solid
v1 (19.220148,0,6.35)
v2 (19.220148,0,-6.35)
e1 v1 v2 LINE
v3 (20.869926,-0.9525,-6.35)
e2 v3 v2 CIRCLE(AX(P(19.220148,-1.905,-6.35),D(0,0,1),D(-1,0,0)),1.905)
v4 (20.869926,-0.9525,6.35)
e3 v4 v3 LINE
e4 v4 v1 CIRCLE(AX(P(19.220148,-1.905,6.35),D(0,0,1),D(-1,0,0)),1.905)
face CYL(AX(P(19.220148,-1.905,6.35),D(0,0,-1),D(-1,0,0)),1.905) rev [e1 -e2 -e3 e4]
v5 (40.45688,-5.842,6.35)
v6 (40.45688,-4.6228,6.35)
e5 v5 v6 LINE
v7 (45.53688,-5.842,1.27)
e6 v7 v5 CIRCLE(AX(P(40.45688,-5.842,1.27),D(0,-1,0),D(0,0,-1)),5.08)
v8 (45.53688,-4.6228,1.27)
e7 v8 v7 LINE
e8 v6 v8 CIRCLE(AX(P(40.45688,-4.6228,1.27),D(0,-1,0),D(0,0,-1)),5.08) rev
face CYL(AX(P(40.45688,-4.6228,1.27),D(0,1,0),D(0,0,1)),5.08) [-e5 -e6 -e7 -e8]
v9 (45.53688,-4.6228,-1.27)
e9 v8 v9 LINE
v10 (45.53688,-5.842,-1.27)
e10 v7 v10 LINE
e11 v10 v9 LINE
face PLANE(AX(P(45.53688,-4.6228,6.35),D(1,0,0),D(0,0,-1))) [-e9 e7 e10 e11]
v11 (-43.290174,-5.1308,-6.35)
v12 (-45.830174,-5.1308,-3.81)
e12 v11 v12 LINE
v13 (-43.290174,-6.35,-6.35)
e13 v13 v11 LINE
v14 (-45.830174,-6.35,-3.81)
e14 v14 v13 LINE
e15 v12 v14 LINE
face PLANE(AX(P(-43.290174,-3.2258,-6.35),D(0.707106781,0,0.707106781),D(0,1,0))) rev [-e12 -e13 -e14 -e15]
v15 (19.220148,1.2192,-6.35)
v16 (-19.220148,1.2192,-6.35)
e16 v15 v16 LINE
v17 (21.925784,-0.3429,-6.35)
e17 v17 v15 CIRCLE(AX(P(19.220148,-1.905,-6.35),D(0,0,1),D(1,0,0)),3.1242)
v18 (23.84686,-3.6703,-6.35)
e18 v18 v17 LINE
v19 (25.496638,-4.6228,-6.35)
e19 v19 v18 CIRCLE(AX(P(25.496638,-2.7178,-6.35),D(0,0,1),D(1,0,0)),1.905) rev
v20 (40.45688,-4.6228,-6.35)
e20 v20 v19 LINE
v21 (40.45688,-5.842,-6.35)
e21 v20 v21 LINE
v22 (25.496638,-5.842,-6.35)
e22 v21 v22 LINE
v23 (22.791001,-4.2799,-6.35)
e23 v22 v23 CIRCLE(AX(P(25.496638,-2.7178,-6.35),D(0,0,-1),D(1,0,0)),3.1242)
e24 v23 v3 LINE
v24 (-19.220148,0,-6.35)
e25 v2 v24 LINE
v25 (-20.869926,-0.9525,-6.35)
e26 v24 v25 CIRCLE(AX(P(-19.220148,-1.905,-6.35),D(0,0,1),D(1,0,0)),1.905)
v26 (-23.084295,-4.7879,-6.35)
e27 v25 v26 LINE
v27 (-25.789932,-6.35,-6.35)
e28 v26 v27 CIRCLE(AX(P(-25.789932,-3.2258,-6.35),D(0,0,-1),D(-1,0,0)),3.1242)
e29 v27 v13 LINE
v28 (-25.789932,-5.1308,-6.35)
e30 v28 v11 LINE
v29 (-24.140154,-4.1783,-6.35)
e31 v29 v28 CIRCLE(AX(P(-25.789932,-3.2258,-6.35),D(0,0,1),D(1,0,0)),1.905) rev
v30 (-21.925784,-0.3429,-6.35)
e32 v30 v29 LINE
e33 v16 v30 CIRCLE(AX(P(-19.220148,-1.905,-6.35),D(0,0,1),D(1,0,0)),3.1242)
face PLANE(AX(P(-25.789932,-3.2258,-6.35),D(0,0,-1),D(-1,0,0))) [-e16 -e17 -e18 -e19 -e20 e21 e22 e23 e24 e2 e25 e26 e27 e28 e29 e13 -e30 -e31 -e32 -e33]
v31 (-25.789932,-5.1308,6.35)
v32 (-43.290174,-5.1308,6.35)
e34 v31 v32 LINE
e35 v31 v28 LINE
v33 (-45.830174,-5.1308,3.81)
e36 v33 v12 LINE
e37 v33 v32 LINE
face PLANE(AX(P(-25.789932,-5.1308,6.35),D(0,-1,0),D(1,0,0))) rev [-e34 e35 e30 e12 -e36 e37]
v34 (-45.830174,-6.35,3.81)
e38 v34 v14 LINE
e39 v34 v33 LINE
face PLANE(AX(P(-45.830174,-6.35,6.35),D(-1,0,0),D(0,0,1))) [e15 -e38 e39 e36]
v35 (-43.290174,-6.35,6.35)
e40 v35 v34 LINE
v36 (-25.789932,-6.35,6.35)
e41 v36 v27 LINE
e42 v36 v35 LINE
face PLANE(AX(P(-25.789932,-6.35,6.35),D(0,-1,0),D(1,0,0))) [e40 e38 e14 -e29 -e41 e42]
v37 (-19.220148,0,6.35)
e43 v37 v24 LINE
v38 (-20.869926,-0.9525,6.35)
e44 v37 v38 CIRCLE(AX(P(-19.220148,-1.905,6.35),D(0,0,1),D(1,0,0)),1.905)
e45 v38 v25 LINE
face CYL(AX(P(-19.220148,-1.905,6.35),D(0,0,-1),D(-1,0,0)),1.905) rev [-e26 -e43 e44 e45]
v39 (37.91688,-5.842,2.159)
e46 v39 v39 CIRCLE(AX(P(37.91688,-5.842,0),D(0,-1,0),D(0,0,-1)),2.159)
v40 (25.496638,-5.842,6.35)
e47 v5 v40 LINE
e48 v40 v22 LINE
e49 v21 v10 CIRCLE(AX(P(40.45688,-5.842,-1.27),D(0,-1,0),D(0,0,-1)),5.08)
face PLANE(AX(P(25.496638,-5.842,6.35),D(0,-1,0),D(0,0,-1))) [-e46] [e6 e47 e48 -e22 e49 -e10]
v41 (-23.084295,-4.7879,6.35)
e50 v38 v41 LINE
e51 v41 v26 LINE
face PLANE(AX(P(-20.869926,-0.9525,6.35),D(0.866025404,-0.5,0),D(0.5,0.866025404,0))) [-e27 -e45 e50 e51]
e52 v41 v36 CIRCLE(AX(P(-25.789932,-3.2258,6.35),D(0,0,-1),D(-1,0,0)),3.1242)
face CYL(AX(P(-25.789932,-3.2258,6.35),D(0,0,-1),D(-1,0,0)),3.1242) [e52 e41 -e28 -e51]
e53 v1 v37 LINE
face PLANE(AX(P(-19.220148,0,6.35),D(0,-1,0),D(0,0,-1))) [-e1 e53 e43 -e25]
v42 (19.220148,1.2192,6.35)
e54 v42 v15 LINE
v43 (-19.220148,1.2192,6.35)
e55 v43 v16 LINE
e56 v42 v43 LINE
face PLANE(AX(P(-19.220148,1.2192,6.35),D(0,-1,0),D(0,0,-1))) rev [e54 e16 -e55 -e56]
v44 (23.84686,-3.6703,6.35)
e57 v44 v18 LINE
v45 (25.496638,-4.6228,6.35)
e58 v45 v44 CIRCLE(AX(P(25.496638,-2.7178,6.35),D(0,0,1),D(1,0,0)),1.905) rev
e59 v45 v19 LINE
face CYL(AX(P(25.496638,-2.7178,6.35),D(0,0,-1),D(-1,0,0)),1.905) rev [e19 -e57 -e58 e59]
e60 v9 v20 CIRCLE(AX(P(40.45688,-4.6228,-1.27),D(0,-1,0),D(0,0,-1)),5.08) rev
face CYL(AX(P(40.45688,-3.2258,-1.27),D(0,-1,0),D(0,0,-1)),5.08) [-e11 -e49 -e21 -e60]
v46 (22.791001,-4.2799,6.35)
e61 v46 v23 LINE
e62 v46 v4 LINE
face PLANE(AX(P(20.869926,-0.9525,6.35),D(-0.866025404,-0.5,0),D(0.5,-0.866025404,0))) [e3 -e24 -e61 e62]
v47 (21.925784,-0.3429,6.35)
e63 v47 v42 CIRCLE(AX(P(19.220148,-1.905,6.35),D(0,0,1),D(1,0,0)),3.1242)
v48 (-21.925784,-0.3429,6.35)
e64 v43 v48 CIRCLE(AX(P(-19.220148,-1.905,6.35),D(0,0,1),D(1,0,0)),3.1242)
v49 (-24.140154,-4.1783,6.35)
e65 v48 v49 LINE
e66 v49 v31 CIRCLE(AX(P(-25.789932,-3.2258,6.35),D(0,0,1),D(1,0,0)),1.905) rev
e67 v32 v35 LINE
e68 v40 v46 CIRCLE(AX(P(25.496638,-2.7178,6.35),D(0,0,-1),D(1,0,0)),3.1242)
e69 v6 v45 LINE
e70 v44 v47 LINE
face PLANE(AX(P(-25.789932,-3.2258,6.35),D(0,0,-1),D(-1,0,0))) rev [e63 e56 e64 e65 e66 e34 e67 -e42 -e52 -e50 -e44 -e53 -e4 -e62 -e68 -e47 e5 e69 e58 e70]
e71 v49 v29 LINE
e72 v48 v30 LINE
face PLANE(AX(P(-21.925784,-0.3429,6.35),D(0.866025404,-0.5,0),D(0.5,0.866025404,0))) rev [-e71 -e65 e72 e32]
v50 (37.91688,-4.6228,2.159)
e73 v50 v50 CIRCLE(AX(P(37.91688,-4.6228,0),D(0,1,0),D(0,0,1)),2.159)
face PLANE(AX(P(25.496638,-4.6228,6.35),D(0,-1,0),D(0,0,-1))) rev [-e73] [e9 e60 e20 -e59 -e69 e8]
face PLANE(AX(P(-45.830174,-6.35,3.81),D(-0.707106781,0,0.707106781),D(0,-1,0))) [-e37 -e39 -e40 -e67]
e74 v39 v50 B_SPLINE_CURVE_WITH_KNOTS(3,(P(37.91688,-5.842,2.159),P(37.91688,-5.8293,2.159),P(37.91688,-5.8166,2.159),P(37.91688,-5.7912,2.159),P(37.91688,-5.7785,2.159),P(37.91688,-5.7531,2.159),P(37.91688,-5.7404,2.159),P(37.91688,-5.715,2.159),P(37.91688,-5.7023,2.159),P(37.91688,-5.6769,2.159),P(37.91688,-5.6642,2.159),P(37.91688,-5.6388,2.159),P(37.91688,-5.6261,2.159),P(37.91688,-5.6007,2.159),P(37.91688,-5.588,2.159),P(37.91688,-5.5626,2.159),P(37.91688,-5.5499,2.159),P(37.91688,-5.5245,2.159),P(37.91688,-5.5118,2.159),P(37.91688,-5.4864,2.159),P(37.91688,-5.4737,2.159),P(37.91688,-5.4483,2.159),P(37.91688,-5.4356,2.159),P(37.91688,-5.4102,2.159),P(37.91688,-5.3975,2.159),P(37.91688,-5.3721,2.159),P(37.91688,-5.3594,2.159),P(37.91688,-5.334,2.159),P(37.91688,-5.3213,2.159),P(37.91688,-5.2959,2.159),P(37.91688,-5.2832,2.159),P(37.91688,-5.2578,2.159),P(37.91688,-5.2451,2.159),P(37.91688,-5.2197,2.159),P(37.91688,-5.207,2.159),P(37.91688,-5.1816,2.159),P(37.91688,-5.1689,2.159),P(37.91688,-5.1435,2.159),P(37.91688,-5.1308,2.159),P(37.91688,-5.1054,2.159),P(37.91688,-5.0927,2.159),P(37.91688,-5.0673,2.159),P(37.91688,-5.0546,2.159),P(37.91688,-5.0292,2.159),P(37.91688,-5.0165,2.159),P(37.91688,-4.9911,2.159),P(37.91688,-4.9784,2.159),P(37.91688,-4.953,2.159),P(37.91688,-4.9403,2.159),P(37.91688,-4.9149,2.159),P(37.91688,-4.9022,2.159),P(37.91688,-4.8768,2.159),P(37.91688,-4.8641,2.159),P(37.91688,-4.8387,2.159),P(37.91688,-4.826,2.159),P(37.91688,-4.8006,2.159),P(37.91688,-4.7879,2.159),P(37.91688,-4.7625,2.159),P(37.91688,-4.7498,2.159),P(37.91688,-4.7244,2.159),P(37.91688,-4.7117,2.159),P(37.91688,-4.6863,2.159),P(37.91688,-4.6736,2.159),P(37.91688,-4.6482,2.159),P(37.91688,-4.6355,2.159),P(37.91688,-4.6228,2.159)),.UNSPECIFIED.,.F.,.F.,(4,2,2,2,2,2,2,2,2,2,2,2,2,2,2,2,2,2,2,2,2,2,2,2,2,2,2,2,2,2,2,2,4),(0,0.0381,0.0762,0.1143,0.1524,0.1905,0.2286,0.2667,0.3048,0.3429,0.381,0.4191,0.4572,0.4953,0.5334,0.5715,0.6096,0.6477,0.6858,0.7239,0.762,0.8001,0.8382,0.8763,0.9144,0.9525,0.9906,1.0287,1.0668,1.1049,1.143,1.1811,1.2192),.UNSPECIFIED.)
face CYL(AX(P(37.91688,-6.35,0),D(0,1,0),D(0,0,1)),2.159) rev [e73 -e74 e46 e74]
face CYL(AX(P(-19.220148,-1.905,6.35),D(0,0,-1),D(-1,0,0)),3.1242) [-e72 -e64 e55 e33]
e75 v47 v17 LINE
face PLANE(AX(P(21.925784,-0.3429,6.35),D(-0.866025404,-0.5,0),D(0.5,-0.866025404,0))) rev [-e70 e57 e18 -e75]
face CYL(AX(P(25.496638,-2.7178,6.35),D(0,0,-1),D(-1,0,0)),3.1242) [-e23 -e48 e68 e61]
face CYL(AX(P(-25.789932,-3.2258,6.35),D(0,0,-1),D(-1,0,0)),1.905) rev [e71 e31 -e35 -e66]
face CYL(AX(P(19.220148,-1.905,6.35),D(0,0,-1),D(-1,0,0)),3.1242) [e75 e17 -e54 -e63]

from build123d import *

# Parameters (mm, degrees)
EXTRUDE_THIN1_DEPTH = 6.35
FILLET1_R           = 5.08
CHAMFER1_SIZE       = 2.54
SKETCH2_R           = 2.159
CUT_EXTRUDE1_DEPTH  = 47.635354958


with BuildPart() as part:
    # Sketch1 → Extrude-Thin1 (new, symmetric)
    with BuildSketch(Plane.XY):
        with BuildLine():
            Line((-45.830174209, -6.35), (-25.78993192, -6.35))
            ThreePointArc((-25.78993192, -6.35), (-24.22783192, -5.931436567), (-23.084295354, -4.7879))
            Line((-23.084295354, -4.7879), (-20.869926131, -0.9525))
            ThreePointArc((-20.869926131, -0.9525), (-20.172647737, -0.255221606), (-19.220147737, 0))
            Line((-19.220147737, 0), (19.220147737, 0))
            ThreePointArc((19.220147737, 0), (20.172647737, -0.255221606), (20.869926131, -0.9525))
            Line((20.869926131, -0.9525), (22.791001417, -4.2799))
            ThreePointArc((22.791001417, -4.2799), (23.934537984, -5.423436567), (25.496637984, -5.842))
            Line((25.496637984, -5.842), (45.536880273, -5.842))
            Line((45.536880273, -5.842), (45.536880273, -4.6228))
            Line((45.536880273, -4.6228), (25.496637984, -4.6228))
            ThreePointArc((25.496637984, -4.6228), (24.544137984, -4.367578394), (23.846859589, -3.6703))
            Line((23.846859589, -3.6703), (21.925784304, -0.3429))
            ThreePointArc((21.925784304, -0.3429), (20.782247737, 0.800636567), (19.220147737, 1.2192))
            Line((19.220147737, 1.2192), (-19.220147737, 1.2192))
            ThreePointArc((-19.220147737, 1.2192), (-20.782247737, 0.800636567), (-21.925784304, -0.3429))
            Line((-21.925784304, -0.3429), (-24.140153526, -4.1783))
            ThreePointArc((-24.140153526, -4.1783), (-24.83743192, -4.875578394), (-25.78993192, -5.1308))
            Line((-25.78993192, -5.1308), (-45.830174209, -5.1308))
            Line((-45.830174209, -5.1308), (-45.830174209, -6.35))
        make_face()
    extrude(amount=EXTRUDE_THIN1_DEPTH, both=True)

    # Fillet1
    fillet1_edges = [part.edges().sort_by_distance(p)[0] for p in [
        (45.536880273, -5.2324, -6.35),
        (45.536880273, -5.2324, 6.35),
    ]]
    fillet(fillet1_edges, radius=FILLET1_R)

    # Chamfer1
    chamfer1_edges = [part.edges().sort_by_distance(p)[0] for p in [
        (-45.830174209, -5.7404, -6.35),
        (-45.830174209, -5.7404, 6.35),
    ]]
    chamfer(chamfer1_edges, length=CHAMFER1_SIZE)

    # Sketch2 → Cut-Extrude1 (cut, through all)
    with BuildSketch(Plane(origin=(0, -4.6228, 0), x_dir=(1, 0, 0), z_dir=(0, 1, 0))):
        with Locations(Location((37.916880273, 0, 0), (0, 0, 270))):
            Circle(SKETCH2_R)
    extrude(amount=-CUT_EXTRUDE1_DEPTH, mode=Mode.SUBTRACT)


solid = part.part
